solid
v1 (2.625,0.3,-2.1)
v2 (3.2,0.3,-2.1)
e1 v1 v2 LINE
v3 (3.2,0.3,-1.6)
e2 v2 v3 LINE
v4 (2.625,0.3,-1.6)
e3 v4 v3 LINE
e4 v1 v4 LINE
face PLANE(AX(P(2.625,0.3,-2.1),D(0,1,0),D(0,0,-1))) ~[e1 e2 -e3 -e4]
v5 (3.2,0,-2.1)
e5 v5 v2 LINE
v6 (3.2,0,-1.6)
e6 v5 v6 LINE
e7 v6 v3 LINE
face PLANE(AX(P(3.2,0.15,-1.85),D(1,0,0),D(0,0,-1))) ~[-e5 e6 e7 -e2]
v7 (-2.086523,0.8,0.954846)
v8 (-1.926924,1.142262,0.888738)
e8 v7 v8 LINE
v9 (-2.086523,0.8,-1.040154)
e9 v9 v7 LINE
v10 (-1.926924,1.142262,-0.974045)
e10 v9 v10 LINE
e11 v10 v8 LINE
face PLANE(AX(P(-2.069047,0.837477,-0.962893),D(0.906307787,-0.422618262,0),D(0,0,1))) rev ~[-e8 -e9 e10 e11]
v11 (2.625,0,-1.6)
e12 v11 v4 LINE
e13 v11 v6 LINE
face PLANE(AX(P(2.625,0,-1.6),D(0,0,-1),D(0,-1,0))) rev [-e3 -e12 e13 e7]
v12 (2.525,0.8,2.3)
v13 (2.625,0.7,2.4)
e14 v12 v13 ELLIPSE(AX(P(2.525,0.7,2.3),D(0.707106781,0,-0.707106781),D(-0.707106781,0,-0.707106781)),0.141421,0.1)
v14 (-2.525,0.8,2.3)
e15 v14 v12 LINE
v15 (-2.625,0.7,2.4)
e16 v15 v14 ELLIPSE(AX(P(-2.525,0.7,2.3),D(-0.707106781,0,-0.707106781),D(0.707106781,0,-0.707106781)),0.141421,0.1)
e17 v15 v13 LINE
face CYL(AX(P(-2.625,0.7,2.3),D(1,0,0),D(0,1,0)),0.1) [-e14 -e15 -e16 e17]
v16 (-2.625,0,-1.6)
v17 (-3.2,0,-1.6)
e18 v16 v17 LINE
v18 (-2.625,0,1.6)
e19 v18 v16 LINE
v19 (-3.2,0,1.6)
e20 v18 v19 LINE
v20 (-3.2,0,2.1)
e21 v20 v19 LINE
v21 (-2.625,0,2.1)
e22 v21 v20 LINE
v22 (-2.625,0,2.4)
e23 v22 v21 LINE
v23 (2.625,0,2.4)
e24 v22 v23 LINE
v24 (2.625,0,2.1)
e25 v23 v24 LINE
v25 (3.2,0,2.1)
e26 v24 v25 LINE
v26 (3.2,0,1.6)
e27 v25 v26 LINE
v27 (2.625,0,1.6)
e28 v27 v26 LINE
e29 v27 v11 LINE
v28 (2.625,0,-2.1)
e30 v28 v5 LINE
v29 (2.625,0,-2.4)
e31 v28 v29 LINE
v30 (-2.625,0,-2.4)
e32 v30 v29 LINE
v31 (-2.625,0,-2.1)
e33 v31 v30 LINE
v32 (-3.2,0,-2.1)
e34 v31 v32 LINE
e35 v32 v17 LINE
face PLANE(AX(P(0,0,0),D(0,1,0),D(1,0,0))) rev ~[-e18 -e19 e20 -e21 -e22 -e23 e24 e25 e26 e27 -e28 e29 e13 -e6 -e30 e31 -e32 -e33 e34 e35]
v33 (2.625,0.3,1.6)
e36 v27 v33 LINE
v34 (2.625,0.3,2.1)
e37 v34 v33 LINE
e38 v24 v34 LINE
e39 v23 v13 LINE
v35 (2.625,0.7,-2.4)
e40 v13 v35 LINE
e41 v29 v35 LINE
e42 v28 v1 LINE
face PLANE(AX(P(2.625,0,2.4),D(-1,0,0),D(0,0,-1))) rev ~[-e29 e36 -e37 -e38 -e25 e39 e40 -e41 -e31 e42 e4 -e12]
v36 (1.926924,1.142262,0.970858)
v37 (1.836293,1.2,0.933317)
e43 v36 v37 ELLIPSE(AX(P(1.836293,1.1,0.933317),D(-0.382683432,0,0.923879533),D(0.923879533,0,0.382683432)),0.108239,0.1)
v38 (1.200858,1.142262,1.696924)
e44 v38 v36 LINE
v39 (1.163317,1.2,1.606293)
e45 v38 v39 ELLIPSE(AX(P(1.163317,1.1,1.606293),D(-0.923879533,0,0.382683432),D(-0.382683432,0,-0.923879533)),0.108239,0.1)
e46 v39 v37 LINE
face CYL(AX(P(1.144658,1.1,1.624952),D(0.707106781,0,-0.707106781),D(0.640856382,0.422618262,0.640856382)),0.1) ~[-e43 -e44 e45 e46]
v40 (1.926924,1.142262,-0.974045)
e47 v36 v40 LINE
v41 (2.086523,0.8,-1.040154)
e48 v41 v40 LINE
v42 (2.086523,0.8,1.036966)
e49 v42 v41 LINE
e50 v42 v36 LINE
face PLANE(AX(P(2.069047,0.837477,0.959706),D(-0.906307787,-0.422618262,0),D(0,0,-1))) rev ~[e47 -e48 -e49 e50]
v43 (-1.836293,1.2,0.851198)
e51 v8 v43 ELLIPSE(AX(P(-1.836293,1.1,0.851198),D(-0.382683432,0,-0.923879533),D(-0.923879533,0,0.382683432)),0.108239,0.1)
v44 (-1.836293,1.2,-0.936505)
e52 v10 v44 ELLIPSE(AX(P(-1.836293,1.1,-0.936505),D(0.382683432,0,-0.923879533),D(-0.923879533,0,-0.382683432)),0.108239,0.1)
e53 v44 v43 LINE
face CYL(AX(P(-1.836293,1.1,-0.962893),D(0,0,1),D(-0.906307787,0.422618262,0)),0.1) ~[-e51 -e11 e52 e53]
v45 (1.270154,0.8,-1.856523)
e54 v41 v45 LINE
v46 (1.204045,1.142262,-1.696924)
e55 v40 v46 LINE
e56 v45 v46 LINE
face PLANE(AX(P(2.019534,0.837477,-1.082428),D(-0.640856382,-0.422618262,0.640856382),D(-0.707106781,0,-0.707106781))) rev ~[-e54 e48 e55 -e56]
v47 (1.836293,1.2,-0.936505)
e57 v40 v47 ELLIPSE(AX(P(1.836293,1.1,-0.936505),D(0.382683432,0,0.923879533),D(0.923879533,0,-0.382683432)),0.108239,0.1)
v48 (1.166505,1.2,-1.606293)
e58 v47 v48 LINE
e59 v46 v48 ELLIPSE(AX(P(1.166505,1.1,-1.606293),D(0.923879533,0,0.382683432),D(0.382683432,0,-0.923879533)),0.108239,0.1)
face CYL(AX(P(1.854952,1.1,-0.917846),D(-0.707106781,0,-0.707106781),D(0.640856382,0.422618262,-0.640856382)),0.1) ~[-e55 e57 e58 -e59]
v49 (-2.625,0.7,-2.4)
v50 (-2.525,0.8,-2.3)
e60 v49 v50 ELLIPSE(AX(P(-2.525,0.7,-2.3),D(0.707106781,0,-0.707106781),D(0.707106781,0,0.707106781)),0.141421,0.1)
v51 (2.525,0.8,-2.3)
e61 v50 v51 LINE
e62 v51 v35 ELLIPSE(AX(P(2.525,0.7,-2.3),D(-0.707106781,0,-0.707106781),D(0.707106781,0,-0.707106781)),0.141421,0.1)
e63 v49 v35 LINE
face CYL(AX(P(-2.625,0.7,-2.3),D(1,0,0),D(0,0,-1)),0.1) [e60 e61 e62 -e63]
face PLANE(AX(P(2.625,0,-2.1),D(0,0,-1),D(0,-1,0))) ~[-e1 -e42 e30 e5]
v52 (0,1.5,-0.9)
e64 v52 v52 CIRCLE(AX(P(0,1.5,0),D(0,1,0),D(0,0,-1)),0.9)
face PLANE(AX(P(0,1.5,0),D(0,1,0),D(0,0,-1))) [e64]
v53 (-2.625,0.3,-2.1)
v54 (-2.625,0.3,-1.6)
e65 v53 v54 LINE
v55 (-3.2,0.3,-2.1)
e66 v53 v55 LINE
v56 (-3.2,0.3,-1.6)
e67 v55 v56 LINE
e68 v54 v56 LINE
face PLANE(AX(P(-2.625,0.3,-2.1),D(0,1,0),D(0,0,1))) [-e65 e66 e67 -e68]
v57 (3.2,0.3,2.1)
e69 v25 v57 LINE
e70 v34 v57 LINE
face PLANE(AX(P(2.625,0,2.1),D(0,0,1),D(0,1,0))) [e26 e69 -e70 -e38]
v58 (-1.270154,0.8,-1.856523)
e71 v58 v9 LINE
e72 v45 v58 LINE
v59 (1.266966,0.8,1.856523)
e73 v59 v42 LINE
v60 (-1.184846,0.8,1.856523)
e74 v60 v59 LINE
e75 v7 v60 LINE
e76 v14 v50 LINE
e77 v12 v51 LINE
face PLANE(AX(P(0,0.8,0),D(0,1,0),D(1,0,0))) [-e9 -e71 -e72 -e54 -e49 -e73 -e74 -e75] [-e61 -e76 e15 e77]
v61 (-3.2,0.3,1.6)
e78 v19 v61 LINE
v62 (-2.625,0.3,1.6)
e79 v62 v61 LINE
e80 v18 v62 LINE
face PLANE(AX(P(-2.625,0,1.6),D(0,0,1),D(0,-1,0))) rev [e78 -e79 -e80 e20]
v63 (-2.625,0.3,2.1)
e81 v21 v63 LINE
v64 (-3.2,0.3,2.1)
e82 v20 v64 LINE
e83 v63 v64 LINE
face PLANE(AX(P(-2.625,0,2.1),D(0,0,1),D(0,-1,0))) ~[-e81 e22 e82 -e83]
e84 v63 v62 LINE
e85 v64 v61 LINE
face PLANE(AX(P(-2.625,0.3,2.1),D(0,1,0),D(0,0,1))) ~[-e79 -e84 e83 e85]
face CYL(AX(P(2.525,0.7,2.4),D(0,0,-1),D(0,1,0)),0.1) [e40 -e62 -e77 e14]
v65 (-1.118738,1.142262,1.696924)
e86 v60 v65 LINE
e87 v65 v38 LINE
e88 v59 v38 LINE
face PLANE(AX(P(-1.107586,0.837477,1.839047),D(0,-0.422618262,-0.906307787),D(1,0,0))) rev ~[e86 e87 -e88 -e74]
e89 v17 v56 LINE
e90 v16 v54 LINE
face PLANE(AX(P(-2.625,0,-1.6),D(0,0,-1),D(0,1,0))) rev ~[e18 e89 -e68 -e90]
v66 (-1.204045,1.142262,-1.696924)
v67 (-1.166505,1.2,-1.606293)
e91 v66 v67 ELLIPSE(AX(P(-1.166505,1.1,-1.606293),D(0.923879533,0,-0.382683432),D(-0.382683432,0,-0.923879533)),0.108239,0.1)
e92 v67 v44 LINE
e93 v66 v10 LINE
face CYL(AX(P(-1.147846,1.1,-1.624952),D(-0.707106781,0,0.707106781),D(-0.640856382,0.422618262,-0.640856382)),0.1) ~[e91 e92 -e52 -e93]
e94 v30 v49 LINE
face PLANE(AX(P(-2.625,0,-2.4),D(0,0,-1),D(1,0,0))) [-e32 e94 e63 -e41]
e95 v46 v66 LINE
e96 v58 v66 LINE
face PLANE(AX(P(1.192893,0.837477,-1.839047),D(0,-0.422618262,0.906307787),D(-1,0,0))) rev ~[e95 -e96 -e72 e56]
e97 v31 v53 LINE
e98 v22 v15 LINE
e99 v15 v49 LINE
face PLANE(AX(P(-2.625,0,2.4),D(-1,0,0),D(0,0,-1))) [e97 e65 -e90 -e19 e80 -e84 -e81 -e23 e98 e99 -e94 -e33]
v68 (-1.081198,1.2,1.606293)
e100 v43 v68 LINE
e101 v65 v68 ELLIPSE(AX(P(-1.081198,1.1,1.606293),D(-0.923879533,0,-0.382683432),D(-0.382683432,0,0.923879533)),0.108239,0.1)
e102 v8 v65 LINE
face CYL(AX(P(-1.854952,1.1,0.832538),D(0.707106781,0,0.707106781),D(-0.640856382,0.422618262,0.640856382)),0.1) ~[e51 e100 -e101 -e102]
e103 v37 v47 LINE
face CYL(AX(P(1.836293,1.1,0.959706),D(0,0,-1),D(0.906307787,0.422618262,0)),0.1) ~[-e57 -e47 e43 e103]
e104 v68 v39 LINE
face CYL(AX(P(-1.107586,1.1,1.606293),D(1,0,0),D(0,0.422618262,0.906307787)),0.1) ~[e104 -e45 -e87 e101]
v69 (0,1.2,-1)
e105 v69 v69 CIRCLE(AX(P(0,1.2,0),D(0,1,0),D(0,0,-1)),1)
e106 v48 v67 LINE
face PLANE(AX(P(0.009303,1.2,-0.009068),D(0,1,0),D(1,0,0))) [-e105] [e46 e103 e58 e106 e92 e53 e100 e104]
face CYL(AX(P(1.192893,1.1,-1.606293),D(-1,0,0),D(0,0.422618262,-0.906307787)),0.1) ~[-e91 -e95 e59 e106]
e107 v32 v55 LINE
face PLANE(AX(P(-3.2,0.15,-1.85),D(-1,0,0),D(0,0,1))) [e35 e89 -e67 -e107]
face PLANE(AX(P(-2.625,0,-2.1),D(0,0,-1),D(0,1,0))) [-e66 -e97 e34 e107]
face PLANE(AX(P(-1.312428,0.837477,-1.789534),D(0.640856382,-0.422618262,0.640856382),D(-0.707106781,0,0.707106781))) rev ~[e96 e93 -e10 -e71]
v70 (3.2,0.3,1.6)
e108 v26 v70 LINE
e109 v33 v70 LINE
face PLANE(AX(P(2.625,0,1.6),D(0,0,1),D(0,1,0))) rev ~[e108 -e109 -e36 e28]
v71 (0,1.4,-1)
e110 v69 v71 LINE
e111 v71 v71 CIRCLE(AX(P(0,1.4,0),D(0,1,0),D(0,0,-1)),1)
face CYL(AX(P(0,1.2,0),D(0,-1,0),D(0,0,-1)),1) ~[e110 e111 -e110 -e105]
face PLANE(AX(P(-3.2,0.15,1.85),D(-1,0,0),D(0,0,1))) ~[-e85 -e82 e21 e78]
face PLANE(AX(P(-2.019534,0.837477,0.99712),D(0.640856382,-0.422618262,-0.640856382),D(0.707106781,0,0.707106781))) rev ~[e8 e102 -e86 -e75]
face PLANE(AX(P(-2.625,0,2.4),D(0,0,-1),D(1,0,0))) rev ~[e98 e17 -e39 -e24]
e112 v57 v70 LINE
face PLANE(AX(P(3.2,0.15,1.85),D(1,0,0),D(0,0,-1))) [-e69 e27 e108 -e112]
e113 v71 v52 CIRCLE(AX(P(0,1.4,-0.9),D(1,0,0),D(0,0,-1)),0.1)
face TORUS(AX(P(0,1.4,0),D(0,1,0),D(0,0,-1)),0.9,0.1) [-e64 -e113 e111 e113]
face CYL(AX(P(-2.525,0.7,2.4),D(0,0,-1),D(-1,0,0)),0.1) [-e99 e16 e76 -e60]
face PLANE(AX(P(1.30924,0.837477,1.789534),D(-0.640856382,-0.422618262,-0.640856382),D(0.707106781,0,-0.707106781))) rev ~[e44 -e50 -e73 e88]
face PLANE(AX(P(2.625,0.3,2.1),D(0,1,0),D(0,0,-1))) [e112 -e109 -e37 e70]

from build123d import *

# Parameters (mm, degrees)
SKETCH1_W               = 5.25
SKETCH1_H               = 4.8
BOSS_EXTRUDE1_DEPTH     = 0.8
BOSS_EXTRUDE2_DEPTH     = 0.4
SKETCH3_R               = 1
BOSS_EXTRUDE3_DEPTH     = 0.3
SKETCH4_W               = 0.5
SKETCH4_H               = 0.3
BOSS_EXTRUDE4_DEPTH     = 0.575
MIRROR2_COPY_1_SKETCH_W = 0.5
MIRROR2_COPY_1_SKETCH_H = 0.3
MIRROR2_COPY_1_DEPTH    = 0.575
DRAFT3_ANGLE            = 25
FILLET1_R               = 0.1
FILLET2_R               = 0.1


with BuildPart() as part:
    # Sketch1 → Boss-Extrude1 (new body)
    with BuildSketch(Plane(origin=(0, 0, 0), x_dir=(1, 0, 0), z_dir=(0, 1, 0))):
        Rectangle(SKETCH1_W, SKETCH1_H)
    extrude(amount=BOSS_EXTRUDE1_DEPTH)

    # Sketch2 → Boss-Extrude2 (add)
    with BuildSketch(Plane(origin=(0, 0.8, 0), x_dir=(1, 0, 0), z_dir=(0, 1, 0))):
        Polygon((-1.107585867, -1.67), (1.189705704, -1.67), (1.9, -0.959705704), (1.9, 0.962893219), (1.192893219, 1.67), (-1.192893219, 1.67), (-1.9, 0.962893219), (-1.9, -0.877585867), align=None)
    extrude(amount=BOSS_EXTRUDE2_DEPTH)

    # Sketch3 → Boss-Extrude3 (add)
    with BuildSketch(Plane(origin=(0, 1.2, 0), x_dir=(1, 0, 0), z_dir=(0, 1, 0))):
        with Locations(Location((0, 0, 0), (0, 0, 90))):
            Circle(SKETCH3_R)
    extrude(amount=BOSS_EXTRUDE3_DEPTH)

    # Sketch4 → Boss-Extrude4 (add)
    with BuildSketch(Plane(origin=(2.625, 0, 0), x_dir=(0, 0, -1), z_dir=(1, 0, 0))):
        with Locations((-1.85, 0.15)):
            Rectangle(SKETCH4_W, SKETCH4_H)
    boss_extrude4 = extrude(amount=BOSS_EXTRUDE4_DEPTH)

    # Mirror1: Boss-Extrude4 across plane
    add(boss_extrude4.mirror(Plane.XY))

    # Mirror2: Boss-Extrude4 across plane
    add(boss_extrude4.mirror(Plane(origin=(0, 0, 0), x_dir=(0, 0, 1), z_dir=(1, 0, 0))))

    # Mirror2 copy 1 sketch → Mirror2 copy 1 (add)
    with BuildSketch(Plane.ZY.offset(2.625)):
        with Locations((-1.85, 0.15)):
            Rectangle(MIRROR2_COPY_1_SKETCH_W, MIRROR2_COPY_1_SKETCH_H)
    extrude(amount=MIRROR2_COPY_1_DEPTH)

    # Draft3
    draft3_faces = [part.faces().sort_by_distance(p)[0] for p in [
        (1.544852852, 1, 1.314852852),
        (0.041059918, 1, 1.67),
        (-1.503792933, 1, 1.273792933),
        (-1.9, 1, -0.042653676),
        (-1.546446609, 1, -1.316446609),
        (0, 1, -1.67),
        (1.546446609, 1, -1.316446609),
        (1.9, 1, -0.001593757),
    ]]
    draft(draft3_faces, Plane(origin=(2.861299461, 1.2, -0.001593757), x_dir=(0, 0, 1), z_dir=(0, 1, 0)), DRAFT3_ANGLE)

    # Fillet1
    fillet1_edges = [part.edges().sort_by_distance(p)[0] for p in [
        (2.625, 0.8, 0),
        (0, 0.8, -2.4),
        (1.544852852, 1.2, 1.314852852),
        (1.9, 1.2, -0.001593757),
        (1.546446609, 1.2, -1.316446609),
        (0, 1.2, -1.67),
        (-1.546446609, 1.2, -1.316446609),
        (-1.9, 1.2, -0.042653676),
        (-1.503792933, 1.2, 1.273792933),
        (0.041059918, 1.2, 1.67),
        (-2.625, 0.8, 0),
        (0, 0.8, 2.4),
    ]]
    fillet(fillet1_edges, radius=FILLET1_R)

    # Fillet2
    fillet2_edges = [part.edges().sort_by_distance(p)[0] for p in [
        (0, 1.5, 1),
    ]]
    fillet(fillet2_edges, radius=FILLET2_R)


solid = part.part
